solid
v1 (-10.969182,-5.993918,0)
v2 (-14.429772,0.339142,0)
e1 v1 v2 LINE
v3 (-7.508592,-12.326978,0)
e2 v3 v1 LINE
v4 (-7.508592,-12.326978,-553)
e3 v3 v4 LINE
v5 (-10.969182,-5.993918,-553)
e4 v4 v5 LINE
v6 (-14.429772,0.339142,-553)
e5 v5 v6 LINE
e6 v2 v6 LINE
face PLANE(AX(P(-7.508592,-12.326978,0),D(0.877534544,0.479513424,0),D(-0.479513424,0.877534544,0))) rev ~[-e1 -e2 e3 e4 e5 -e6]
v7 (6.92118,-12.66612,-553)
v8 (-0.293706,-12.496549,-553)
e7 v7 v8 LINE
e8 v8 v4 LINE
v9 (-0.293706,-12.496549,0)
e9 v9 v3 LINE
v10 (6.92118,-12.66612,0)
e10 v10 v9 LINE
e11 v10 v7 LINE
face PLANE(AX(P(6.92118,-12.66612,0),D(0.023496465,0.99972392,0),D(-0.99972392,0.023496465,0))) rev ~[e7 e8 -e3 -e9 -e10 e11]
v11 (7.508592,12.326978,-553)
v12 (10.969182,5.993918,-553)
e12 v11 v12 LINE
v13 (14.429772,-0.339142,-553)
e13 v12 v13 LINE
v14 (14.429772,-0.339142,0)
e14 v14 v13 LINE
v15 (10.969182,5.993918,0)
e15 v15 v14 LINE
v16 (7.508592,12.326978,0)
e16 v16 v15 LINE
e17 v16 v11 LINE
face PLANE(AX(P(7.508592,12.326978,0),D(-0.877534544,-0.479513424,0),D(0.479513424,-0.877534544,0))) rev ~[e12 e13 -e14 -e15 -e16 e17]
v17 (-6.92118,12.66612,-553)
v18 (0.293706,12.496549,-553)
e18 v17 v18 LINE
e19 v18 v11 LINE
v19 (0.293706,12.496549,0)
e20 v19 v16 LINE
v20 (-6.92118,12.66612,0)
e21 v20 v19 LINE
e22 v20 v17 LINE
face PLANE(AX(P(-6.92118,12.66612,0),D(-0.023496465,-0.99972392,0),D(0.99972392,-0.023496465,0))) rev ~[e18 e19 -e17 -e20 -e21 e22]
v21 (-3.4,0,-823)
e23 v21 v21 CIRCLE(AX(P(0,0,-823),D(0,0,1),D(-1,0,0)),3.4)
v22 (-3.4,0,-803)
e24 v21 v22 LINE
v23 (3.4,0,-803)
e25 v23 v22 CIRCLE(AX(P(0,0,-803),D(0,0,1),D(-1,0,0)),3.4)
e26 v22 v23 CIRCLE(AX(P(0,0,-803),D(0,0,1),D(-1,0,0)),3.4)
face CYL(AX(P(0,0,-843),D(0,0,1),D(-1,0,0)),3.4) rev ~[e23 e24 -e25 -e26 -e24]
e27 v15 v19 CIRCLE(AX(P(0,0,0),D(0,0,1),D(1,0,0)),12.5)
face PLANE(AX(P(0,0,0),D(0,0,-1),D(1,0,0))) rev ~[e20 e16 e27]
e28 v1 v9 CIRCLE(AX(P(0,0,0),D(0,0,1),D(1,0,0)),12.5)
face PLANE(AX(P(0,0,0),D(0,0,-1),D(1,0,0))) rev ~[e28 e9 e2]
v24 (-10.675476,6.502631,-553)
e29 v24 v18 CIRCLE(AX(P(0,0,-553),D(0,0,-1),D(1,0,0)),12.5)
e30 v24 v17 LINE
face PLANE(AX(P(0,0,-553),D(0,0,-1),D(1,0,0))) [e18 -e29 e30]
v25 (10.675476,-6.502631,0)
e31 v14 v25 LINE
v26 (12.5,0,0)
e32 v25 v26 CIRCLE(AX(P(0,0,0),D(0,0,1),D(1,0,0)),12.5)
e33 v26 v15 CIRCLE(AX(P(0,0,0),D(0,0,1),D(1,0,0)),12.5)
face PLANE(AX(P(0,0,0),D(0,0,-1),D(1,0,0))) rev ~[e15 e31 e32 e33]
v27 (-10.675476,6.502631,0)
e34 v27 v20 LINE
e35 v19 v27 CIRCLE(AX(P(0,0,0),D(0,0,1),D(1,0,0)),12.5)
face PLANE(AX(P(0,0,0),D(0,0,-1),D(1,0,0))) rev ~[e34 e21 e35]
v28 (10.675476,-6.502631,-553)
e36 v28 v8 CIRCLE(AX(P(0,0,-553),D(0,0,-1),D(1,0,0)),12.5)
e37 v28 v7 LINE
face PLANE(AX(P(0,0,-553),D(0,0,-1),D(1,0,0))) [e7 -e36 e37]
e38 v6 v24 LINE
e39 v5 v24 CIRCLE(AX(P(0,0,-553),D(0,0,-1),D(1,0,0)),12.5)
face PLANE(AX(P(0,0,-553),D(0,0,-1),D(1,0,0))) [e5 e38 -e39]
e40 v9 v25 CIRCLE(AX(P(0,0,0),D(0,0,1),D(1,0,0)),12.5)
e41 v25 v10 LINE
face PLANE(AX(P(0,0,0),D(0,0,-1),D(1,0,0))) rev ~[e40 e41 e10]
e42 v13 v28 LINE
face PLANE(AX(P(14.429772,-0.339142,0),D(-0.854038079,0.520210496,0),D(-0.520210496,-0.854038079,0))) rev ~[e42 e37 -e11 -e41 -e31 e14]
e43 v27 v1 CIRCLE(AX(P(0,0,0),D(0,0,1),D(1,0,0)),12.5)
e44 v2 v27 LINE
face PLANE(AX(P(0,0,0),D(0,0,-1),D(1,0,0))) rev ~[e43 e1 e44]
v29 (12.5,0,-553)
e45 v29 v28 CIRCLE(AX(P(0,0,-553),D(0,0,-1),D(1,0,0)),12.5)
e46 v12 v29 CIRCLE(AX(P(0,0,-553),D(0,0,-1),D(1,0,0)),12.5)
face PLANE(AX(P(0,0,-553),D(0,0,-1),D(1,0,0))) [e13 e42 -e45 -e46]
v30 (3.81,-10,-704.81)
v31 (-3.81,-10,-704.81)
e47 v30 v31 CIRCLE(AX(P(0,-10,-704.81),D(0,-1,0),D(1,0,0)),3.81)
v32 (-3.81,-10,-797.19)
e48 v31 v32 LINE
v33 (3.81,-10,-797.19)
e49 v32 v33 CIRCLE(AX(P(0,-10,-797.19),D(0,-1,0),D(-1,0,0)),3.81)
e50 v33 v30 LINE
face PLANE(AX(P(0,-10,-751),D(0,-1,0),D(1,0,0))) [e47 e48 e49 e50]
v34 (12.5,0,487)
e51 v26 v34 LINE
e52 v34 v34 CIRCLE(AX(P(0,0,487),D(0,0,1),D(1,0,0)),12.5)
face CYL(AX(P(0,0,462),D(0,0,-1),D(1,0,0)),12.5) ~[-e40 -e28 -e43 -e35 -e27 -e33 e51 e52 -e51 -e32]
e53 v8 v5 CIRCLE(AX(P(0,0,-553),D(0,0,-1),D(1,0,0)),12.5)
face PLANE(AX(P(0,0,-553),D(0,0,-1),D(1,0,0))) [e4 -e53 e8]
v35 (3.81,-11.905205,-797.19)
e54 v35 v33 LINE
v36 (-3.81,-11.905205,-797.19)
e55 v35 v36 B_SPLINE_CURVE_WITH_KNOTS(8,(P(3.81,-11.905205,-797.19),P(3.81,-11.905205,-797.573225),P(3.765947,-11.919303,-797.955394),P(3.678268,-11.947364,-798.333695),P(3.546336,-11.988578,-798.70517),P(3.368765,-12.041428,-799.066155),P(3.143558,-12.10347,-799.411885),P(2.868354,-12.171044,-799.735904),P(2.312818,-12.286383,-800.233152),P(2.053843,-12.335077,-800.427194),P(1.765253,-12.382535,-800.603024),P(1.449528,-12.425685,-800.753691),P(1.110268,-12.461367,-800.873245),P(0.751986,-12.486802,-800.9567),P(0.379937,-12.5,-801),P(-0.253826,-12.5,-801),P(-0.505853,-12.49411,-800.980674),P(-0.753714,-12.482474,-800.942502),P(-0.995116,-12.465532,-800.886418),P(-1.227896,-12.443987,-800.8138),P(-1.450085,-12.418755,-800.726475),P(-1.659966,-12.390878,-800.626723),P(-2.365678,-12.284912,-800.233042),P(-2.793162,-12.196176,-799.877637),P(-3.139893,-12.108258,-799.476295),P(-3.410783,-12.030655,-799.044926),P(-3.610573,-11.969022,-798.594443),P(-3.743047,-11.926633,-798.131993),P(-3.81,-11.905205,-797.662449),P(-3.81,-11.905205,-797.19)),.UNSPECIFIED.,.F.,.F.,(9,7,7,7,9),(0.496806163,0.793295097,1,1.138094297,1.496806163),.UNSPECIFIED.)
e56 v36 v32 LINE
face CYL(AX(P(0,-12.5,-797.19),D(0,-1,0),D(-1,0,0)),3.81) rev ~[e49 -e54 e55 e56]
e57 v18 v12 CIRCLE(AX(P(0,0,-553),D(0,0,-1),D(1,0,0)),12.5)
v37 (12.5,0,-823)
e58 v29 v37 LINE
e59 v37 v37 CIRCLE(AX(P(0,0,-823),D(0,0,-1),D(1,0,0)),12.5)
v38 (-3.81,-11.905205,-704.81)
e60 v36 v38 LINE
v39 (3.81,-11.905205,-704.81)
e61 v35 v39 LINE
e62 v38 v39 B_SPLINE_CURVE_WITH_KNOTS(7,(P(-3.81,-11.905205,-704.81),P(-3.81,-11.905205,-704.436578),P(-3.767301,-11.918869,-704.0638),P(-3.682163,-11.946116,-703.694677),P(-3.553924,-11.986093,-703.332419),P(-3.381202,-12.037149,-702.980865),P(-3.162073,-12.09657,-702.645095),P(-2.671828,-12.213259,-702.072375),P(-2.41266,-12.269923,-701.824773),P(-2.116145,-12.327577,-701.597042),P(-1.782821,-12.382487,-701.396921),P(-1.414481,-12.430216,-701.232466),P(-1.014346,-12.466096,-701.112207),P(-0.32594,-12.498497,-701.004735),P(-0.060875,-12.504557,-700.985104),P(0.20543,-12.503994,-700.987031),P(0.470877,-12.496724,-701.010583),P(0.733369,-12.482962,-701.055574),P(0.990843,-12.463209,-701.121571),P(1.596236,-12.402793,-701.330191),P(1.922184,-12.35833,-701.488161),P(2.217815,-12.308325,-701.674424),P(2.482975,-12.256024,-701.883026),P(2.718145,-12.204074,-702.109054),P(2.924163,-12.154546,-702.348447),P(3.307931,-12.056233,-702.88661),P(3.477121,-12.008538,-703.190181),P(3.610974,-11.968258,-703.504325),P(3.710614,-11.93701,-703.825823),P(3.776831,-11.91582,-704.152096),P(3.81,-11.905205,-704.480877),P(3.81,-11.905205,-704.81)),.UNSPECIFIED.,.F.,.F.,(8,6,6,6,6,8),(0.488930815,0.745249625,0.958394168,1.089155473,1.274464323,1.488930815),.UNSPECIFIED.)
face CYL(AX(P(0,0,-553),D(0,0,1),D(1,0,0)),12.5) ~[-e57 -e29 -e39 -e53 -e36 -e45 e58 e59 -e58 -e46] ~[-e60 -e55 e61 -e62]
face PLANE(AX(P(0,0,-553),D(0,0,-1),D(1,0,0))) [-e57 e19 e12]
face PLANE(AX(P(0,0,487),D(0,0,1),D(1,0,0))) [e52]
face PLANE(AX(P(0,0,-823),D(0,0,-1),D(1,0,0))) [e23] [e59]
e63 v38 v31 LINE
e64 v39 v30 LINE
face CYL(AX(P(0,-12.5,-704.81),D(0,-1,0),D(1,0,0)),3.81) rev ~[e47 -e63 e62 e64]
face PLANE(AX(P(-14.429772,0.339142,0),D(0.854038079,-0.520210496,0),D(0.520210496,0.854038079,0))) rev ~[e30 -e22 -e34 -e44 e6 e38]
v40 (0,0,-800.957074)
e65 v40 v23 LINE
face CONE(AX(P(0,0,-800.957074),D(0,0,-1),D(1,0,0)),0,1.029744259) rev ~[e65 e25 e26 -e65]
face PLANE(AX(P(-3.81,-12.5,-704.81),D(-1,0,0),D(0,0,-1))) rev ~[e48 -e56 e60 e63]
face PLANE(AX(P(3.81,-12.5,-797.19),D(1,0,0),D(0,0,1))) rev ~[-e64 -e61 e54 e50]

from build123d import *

# Parameters (mm, degrees)
F0_R      = 12.5
F1_DEPTH  = 462
F2_R      = 12.5
F3_DEPTH  = 25
F5_DEPTH  = 553
F6_R      = 12.5
F7_DEPTH  = 270
F10_DEPTH = 2.5
F12_D     = 6.8
F12_DEPTH = 20
F12_TIP   = 2.0429261047


with BuildPart() as f1:
    # F0 (on Top) → F1 (new body)
    with BuildSketch(Plane.XY):
        Circle(F0_R)
    extrude(amount=F1_DEPTH)

    # F2 (on face) → F3 (join)
    with BuildSketch(Plane.XY.offset(462)):
        Circle(F2_R)
    extrude(amount=F3_DEPTH)

    # F4 (on face) → F5 (join)
    with BuildSketch(Plane(origin=(0, 0, 0), x_dir=(1, 0, 0), z_dir=(0, 0, -1))):
        Polygon((14.4297718574, 0.3391422642), (6.9211801124, 12.6661201315), (-7.508591745, 12.3269778673), (-14.4297718574, -0.3391422642), (-6.9211801124, -12.6661201315), (7.508591745, -12.3269778673), align=None)
    extrude(amount=F5_DEPTH)

    # F6 (on face) → F7 (join)
    with BuildSketch(Plane(origin=(0, 0, -553), x_dir=(1, 0, 0), z_dir=(0, 0, -1))):
        Circle(F6_R)
    extrude(amount=F7_DEPTH)

    # F9 (on offset) → F10 (cut)
    with BuildSketch(Plane.XZ.offset(12.5)):
        with BuildLine():
            ThreePointArc((-3.81, -797.19), (0, -801), (3.81, -797.19))
            Line((3.81, -797.19), (3.81, -704.81))
            ThreePointArc((3.81, -704.81), (0, -701), (-3.81, -704.81))
            Line((-3.81, -704.81), (-3.81, -797.19))
        make_face()
    extrude(amount=-F10_DEPTH, mode=Mode.SUBTRACT)

    # F12
    with Locations(Plane(origin=(0, 0, -823), x_dir=(1, 0, 0), z_dir=(0, 0, -1))):
        with Locations((0, 0)):
            Hole(F12_D / 2, depth=F12_DEPTH)
            with Locations((0, 0, -(F12_DEPTH + F12_TIP / 2))):  # 118° drill point
                Cone(0, F12_D / 2, F12_TIP, mode=Mode.SUBTRACT)


solid = f1.part
